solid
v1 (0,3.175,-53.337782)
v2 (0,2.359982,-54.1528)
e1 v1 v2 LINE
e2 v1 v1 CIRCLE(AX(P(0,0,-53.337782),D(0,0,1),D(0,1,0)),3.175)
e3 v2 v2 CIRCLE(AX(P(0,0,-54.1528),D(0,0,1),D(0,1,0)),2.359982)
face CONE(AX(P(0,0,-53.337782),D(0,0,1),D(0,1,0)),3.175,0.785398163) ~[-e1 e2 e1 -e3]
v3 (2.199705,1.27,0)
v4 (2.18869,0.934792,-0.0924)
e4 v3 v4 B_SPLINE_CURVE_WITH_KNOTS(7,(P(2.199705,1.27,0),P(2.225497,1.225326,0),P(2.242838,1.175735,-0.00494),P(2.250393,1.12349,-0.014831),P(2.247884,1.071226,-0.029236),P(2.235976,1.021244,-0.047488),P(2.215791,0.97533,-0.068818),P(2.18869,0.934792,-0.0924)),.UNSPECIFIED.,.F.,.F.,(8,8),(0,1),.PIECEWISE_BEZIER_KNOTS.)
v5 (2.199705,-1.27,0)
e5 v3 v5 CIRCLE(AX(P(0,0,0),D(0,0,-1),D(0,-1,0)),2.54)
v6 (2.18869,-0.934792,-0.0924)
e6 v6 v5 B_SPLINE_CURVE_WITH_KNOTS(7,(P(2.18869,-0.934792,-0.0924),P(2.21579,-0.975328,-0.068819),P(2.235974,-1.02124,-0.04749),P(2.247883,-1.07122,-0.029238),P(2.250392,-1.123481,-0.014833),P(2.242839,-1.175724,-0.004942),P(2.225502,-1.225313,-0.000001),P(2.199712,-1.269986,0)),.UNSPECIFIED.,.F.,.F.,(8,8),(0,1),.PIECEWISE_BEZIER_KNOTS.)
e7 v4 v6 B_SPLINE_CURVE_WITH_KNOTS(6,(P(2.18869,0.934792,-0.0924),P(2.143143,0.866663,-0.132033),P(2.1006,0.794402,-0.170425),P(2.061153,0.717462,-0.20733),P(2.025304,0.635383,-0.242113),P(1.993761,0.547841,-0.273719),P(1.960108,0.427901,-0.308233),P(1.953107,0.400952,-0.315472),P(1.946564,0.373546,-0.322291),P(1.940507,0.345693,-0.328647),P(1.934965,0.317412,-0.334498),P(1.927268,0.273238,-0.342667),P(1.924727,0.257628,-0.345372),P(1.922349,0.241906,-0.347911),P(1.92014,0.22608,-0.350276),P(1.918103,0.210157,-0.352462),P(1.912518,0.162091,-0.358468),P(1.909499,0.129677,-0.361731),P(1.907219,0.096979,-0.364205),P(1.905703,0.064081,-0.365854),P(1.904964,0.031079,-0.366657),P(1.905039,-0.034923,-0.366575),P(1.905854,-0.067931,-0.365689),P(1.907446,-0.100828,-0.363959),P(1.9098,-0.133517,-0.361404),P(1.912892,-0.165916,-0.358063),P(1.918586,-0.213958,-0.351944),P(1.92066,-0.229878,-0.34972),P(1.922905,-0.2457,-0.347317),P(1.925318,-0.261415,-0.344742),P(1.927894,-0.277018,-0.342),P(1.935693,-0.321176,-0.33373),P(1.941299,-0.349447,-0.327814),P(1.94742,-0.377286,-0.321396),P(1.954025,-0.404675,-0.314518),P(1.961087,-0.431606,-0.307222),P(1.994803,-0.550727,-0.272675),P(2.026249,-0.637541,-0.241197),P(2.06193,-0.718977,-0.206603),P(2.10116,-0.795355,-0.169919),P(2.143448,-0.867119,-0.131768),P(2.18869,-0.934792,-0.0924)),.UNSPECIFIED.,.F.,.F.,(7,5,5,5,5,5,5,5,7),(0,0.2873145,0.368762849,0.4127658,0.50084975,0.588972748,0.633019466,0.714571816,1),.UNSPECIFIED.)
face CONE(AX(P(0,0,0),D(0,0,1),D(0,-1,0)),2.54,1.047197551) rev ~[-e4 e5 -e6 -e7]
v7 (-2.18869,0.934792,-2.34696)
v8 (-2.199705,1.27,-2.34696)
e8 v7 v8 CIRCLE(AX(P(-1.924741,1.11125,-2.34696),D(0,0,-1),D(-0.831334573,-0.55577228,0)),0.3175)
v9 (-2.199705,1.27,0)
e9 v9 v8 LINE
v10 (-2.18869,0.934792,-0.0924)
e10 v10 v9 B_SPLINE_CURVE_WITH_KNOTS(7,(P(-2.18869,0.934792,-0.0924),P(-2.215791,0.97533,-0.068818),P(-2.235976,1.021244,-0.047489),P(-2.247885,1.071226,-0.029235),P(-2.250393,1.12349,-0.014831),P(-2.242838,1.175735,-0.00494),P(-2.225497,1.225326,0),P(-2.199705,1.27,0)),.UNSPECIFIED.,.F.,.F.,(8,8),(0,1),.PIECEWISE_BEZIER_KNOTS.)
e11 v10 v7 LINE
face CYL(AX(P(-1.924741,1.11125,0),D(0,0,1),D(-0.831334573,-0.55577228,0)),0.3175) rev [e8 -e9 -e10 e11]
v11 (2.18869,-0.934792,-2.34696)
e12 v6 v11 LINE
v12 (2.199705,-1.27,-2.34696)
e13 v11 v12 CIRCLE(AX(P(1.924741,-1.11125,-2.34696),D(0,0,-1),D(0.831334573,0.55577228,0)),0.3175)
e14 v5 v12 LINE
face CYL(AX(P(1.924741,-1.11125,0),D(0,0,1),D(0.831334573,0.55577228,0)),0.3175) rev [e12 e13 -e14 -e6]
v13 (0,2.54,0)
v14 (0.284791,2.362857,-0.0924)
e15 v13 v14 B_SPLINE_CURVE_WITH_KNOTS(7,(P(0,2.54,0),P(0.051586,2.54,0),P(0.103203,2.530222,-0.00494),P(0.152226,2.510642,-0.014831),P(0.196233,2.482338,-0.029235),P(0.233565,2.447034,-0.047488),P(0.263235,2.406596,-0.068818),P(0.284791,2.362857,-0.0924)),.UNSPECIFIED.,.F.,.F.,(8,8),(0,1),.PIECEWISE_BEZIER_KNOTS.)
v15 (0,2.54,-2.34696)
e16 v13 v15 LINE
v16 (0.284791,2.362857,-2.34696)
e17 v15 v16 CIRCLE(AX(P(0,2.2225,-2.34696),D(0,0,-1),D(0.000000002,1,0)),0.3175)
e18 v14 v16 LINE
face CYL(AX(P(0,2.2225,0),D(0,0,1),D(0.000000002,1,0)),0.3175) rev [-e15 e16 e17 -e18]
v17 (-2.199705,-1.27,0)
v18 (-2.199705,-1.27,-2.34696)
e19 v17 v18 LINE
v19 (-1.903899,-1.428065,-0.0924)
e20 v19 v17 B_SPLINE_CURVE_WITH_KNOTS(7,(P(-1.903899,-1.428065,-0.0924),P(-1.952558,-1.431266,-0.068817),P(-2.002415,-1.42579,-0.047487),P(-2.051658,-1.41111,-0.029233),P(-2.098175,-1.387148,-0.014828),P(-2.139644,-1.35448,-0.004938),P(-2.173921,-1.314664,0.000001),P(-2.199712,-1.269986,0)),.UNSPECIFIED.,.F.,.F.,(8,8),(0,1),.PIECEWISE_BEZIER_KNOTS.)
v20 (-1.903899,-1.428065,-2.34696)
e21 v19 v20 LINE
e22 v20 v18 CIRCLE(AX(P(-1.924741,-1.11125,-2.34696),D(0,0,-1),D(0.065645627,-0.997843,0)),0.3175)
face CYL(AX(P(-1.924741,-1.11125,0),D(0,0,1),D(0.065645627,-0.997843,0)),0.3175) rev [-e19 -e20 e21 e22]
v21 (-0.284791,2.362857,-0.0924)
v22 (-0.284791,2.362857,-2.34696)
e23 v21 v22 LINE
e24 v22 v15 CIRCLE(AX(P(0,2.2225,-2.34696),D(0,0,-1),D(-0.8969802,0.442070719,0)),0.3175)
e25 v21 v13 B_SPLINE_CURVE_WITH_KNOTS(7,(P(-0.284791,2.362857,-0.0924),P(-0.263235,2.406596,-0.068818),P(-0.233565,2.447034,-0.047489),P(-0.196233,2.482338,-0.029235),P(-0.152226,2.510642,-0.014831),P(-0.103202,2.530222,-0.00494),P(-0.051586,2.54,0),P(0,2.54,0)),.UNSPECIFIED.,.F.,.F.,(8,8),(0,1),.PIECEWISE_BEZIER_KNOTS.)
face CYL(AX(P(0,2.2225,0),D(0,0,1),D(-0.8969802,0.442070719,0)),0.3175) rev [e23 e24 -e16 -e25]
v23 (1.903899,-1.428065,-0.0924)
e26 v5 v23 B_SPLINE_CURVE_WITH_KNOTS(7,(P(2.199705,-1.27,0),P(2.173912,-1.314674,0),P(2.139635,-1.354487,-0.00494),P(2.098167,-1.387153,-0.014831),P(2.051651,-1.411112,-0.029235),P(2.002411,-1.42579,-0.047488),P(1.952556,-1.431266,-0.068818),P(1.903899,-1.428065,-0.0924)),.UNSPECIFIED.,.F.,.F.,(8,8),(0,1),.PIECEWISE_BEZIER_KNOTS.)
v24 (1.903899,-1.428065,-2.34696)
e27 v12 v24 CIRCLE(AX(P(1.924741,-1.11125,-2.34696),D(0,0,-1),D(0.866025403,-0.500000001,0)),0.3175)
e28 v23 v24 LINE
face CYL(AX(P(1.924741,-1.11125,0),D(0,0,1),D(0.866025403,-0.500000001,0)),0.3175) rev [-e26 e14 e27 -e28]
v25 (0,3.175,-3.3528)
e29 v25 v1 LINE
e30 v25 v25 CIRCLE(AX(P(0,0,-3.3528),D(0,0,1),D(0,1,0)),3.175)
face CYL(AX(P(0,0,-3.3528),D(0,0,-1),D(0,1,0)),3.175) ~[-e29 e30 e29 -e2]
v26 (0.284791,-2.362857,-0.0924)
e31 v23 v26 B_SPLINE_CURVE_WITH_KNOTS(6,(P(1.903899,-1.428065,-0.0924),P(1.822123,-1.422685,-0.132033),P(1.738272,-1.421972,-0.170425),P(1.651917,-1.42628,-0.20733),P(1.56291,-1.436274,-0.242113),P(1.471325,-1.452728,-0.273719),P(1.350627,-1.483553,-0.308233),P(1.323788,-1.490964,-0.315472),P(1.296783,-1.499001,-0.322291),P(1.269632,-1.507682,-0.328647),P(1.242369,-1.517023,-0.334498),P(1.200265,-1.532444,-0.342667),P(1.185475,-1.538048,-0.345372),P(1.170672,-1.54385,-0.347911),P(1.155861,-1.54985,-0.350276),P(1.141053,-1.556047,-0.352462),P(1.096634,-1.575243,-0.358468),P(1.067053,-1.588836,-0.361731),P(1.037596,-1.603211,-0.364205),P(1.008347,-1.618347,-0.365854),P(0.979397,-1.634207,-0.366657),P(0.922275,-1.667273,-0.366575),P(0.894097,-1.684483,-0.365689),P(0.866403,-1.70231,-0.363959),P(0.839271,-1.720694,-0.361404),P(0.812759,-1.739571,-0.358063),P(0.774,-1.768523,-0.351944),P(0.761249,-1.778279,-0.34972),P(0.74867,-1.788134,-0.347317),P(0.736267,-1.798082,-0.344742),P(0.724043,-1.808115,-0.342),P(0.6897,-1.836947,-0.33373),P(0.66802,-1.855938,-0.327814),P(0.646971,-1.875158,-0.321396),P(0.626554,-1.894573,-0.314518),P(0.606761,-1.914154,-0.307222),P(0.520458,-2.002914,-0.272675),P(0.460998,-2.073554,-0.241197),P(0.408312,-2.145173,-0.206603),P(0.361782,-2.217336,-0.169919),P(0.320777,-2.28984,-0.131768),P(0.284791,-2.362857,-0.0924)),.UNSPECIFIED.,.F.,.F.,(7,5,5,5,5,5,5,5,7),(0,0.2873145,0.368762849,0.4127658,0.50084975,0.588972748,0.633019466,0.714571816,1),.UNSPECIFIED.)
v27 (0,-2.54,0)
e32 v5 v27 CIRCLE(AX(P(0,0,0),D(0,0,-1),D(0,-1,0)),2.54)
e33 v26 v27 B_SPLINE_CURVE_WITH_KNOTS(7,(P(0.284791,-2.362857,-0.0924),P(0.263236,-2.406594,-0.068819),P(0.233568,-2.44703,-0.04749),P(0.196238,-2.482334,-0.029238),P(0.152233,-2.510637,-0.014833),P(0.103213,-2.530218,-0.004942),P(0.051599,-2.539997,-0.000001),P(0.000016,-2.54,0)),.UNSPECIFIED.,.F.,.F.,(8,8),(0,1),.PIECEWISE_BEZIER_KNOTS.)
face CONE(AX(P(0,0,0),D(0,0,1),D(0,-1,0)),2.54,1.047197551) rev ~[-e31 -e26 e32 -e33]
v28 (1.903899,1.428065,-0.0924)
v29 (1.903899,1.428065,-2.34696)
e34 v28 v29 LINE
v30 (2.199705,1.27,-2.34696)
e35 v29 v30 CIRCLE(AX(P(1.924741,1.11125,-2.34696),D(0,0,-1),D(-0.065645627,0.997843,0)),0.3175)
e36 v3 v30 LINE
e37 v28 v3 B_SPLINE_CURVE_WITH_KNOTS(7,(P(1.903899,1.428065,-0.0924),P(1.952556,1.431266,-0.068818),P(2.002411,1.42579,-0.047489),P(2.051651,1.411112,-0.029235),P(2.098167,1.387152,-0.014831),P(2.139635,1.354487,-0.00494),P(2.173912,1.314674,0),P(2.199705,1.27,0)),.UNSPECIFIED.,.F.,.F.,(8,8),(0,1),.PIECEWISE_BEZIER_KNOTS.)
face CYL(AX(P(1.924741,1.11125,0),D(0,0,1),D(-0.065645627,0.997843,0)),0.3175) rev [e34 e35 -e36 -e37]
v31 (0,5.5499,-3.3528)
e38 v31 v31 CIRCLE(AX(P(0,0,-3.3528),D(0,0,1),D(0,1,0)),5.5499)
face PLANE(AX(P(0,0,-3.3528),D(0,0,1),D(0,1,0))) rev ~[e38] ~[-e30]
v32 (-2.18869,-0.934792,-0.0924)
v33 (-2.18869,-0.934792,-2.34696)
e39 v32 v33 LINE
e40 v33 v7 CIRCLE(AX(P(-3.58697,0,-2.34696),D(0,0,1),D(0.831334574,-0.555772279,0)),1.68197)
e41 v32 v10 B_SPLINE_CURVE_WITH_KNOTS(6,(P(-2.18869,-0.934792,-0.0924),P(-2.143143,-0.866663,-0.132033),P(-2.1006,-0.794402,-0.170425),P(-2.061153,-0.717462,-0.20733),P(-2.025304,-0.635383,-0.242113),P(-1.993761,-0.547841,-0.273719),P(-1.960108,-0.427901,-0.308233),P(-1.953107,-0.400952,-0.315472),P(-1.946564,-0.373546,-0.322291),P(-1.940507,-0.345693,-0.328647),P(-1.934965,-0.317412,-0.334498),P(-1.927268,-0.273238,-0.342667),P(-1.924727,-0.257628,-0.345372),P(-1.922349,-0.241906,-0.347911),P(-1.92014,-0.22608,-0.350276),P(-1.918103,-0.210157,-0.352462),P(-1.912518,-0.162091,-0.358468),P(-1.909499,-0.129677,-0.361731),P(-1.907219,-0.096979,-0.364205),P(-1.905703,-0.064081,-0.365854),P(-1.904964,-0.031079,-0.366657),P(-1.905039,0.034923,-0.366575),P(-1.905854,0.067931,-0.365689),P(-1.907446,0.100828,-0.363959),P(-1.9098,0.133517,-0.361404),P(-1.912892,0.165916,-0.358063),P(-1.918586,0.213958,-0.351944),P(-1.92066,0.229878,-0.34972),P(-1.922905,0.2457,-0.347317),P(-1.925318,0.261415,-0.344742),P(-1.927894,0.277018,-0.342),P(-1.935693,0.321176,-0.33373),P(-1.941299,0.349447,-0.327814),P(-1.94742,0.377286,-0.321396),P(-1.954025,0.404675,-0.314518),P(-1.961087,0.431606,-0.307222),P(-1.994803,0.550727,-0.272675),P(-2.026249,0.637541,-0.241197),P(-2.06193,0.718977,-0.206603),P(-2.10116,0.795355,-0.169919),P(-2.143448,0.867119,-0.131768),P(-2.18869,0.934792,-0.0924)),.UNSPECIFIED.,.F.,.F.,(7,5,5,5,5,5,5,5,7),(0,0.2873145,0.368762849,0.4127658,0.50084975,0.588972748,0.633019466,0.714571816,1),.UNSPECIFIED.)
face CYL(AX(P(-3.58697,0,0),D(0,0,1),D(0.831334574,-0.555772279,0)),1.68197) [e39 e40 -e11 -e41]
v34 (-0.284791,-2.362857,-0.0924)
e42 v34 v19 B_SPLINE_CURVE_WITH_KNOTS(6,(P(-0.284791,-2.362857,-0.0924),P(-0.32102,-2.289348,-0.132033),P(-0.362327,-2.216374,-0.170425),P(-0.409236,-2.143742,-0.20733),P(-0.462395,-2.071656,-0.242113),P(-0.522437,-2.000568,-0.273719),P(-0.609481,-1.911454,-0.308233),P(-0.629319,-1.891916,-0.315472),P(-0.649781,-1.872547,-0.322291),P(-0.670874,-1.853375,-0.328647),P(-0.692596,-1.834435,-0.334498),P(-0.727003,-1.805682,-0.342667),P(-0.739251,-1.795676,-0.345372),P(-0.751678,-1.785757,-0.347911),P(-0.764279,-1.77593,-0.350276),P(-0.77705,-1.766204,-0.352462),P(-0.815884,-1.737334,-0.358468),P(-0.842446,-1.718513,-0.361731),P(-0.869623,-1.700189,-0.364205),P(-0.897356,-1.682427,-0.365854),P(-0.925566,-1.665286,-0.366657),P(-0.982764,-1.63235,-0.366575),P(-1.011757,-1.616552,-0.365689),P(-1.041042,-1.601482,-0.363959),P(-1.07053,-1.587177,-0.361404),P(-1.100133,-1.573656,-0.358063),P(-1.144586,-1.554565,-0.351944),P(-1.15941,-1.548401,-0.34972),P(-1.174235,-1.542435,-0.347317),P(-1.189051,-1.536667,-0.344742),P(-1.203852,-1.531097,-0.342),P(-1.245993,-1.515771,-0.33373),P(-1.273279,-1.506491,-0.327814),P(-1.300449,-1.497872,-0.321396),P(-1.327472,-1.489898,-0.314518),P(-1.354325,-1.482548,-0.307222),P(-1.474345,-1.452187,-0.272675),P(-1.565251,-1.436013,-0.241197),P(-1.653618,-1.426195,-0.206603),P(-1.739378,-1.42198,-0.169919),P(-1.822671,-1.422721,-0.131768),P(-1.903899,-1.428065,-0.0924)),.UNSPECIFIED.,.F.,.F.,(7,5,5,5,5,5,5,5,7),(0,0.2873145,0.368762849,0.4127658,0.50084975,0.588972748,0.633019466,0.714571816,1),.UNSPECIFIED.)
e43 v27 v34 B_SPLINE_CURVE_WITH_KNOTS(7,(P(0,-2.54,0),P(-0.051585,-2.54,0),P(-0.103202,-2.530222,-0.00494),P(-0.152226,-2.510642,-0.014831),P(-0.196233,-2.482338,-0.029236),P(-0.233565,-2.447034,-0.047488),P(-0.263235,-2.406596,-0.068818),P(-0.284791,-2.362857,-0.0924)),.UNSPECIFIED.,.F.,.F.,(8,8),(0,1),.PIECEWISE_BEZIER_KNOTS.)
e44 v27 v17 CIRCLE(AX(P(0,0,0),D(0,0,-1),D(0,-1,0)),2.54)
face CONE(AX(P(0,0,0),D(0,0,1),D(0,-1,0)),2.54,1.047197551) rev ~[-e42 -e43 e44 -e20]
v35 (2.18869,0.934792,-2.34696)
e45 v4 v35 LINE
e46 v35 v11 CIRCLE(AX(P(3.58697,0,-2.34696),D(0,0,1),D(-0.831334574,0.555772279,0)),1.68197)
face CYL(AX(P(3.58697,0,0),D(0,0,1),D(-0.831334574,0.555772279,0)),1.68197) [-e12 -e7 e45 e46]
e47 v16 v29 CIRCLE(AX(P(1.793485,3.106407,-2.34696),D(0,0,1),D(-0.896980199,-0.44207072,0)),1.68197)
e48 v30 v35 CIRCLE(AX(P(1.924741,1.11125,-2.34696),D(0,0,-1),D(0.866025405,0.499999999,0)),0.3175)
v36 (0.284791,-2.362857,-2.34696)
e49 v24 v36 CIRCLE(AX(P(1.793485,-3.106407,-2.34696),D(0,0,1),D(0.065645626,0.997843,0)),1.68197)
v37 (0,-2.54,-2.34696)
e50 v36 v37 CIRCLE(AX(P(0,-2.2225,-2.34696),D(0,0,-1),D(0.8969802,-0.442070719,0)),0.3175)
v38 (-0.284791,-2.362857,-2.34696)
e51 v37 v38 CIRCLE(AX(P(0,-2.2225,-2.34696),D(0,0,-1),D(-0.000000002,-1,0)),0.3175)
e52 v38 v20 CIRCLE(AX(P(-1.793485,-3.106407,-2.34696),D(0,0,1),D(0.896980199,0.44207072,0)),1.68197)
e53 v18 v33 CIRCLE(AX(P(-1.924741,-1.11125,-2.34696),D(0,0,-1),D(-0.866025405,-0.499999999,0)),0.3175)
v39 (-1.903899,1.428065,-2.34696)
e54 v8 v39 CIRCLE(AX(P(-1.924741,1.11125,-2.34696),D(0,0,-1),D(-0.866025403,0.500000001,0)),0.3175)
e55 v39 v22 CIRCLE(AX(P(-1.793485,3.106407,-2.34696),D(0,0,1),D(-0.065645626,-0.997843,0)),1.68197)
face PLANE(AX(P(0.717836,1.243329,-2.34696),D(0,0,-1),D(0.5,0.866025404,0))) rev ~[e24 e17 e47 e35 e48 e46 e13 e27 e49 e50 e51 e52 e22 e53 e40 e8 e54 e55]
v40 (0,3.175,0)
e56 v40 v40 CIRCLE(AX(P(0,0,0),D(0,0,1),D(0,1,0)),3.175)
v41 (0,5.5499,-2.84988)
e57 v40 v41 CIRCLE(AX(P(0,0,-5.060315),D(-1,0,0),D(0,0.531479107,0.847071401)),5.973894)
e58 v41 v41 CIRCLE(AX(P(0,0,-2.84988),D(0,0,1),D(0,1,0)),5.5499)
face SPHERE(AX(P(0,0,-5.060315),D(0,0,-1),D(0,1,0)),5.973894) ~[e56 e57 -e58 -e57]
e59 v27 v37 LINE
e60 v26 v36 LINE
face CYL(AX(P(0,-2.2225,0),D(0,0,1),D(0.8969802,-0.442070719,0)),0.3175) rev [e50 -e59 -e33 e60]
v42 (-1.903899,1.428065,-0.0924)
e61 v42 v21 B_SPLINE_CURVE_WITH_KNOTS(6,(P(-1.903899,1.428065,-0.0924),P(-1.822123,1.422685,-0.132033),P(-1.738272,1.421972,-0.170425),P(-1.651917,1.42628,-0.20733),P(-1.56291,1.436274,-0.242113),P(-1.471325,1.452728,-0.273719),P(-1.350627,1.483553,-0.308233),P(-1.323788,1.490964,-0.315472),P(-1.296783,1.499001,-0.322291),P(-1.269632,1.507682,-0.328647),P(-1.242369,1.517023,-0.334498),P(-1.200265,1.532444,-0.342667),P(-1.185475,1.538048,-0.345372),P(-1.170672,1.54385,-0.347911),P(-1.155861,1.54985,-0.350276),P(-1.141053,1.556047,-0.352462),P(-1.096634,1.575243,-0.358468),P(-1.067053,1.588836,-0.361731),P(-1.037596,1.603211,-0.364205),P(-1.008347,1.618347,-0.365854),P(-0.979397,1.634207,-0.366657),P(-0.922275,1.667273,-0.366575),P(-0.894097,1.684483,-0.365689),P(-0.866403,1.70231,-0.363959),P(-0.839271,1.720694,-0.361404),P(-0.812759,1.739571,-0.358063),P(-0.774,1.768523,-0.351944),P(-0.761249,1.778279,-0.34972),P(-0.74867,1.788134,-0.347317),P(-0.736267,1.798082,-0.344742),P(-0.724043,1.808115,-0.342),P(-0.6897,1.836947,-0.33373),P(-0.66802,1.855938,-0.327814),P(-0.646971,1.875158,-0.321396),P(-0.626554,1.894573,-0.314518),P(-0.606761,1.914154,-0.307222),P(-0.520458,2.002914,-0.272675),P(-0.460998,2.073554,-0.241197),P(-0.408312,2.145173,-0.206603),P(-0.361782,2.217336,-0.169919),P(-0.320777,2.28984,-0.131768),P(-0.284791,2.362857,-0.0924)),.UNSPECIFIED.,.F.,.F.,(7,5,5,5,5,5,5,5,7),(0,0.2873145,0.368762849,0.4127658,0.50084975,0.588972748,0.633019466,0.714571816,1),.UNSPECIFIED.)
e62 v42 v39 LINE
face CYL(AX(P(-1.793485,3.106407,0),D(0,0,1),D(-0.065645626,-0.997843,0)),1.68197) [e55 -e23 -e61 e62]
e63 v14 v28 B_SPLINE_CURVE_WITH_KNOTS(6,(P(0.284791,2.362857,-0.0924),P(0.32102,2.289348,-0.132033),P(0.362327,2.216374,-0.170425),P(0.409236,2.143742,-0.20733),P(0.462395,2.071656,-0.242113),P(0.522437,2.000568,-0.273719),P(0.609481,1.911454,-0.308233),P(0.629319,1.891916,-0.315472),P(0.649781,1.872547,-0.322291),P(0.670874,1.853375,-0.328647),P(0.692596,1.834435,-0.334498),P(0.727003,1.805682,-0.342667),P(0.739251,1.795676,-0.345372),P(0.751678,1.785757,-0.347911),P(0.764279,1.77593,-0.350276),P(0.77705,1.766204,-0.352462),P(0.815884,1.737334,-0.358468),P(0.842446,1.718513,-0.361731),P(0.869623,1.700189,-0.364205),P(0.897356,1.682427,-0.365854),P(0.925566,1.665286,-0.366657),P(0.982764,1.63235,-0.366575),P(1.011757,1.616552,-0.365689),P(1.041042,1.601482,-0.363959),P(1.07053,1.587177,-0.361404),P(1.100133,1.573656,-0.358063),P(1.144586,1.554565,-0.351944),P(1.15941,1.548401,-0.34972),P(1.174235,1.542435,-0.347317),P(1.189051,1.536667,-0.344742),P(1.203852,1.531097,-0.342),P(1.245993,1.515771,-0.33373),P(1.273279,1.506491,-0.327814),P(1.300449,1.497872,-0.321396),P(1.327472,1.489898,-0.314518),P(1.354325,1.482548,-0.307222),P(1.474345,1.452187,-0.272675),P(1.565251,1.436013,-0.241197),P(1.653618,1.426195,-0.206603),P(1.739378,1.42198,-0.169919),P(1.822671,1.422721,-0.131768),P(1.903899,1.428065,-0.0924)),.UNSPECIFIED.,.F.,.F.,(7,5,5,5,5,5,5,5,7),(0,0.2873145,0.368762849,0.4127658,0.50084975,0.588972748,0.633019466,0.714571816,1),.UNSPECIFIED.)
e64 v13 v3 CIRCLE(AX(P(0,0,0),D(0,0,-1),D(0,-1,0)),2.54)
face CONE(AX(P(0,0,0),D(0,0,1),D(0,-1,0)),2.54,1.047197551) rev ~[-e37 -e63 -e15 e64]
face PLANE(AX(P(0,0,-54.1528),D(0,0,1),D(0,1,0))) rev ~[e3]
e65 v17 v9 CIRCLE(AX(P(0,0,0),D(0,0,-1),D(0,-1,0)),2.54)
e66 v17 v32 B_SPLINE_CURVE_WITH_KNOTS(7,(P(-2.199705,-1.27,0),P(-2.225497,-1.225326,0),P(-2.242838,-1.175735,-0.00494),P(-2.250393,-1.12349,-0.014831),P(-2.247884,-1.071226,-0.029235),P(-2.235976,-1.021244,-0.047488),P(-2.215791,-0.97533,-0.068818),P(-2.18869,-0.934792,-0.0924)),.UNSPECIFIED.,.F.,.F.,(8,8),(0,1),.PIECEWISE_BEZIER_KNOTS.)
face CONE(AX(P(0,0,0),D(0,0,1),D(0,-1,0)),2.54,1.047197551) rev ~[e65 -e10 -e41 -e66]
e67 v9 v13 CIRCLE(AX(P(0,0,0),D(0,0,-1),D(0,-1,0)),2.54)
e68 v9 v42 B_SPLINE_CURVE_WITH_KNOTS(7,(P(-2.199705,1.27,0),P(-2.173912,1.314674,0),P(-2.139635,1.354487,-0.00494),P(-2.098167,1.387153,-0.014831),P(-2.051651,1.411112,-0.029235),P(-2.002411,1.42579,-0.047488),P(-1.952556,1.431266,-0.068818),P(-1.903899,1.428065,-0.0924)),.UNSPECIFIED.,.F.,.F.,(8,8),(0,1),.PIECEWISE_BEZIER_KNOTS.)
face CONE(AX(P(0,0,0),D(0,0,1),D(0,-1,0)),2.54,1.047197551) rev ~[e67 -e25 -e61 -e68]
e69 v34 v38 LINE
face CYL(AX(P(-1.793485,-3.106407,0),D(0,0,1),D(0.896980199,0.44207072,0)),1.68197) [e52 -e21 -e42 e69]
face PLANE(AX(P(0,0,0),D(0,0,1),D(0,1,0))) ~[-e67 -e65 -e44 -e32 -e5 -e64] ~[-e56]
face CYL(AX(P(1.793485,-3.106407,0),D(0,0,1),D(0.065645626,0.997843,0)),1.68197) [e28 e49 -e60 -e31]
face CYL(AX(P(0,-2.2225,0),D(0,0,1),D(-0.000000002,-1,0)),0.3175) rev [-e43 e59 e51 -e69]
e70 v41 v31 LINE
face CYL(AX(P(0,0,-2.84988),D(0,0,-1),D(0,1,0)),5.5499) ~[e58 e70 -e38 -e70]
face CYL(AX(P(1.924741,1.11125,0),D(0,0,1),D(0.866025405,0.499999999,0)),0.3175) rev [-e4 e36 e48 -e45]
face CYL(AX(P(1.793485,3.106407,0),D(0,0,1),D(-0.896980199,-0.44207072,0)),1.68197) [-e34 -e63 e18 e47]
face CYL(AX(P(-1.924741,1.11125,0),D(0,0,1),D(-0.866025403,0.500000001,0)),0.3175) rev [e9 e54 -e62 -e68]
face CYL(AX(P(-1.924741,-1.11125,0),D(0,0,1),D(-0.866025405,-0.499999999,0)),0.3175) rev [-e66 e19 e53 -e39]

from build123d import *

# Parameters (mm, degrees)
CUT_EXTRUDE1_DEPTH = 2.34696
CIRPATTERN1_COUNT  = 6


with BuildPart() as part:
    # Sketch3 → Revolve1 (revolve)
    with BuildSketch(Plane(origin=(0, 0, 0), x_dir=(0, 0, -1), z_dir=(1, 0, 0))):
        with BuildLine():
            Line((2.84988, 5.5499), (3.3528, 5.5499))
            Line((3.3528, 5.5499), (3.3528, 3.175))
            Line((3.3528, 3.175), (53.337781533, 3.175))
            Line((53.337781533, 3.175), (54.1528, 2.359981533))
            Line((54.1528, 2.359981533), (54.1528, 0))
            Line((54.1528, 0), (0, 0))
            Line((0, 0), (0, 3.175))
            ThreePointArc((0, 3.175), (1.235921075, 4.58927271), (2.84988, 5.5499))
        make_face()
    revolve(axis=Axis((0, 0, -54.1528), (0, 0, 1)))

    # Sketch4 → Cut-Extrude1 (cut)
    with BuildSketch(Plane.XY):
        with BuildLine():
            Line((0, 0), (-2.199704526, -1.27))
            ThreePointArc((-2.199704526, -1.27), (-2.242070202, -1.100823133), (-2.188690187, -0.934792301))
            ThreePointArc((-2.188690187, -0.934792301), (-1.905, 0), (-2.188690187, 0.934792301))
            ThreePointArc((-2.188690187, 0.934792301), (-2.242070202, 1.100823133), (-2.199704526, 1.27))
            Line((-2.199704526, 1.27), (0, 0))
        make_face()
    cut_extrude1 = extrude(amount=-CUT_EXTRUDE1_DEPTH, mode=Mode.SUBTRACT)

    # CirPattern1: Cut-Extrude1 ×6 about axis
    cirpattern1_axis = Axis((0, 0, -54.1528), (0, 0, 1))
    for i in range(1, CIRPATTERN1_COUNT):
        add(cut_extrude1.rotate(cirpattern1_axis, i * 360 / CIRPATTERN1_COUNT), mode=Mode.SUBTRACT)

    # Cut-Extrude2 cone 1 section (through the dimple's axis) → Cut-Extrude2 (revolve, cut)
    with BuildSketch(Plane(origin=(0, 0, 0), x_dir=(0, -1, 0), z_dir=(1, 0, 0))):
        Polygon((0, 0), (2.54, 0), (0, 1.466469684), align=None)
    revolve(axis=Axis((0, 0, 0), (0, 0, -1)), mode=Mode.SUBTRACT)


solid = part.part
